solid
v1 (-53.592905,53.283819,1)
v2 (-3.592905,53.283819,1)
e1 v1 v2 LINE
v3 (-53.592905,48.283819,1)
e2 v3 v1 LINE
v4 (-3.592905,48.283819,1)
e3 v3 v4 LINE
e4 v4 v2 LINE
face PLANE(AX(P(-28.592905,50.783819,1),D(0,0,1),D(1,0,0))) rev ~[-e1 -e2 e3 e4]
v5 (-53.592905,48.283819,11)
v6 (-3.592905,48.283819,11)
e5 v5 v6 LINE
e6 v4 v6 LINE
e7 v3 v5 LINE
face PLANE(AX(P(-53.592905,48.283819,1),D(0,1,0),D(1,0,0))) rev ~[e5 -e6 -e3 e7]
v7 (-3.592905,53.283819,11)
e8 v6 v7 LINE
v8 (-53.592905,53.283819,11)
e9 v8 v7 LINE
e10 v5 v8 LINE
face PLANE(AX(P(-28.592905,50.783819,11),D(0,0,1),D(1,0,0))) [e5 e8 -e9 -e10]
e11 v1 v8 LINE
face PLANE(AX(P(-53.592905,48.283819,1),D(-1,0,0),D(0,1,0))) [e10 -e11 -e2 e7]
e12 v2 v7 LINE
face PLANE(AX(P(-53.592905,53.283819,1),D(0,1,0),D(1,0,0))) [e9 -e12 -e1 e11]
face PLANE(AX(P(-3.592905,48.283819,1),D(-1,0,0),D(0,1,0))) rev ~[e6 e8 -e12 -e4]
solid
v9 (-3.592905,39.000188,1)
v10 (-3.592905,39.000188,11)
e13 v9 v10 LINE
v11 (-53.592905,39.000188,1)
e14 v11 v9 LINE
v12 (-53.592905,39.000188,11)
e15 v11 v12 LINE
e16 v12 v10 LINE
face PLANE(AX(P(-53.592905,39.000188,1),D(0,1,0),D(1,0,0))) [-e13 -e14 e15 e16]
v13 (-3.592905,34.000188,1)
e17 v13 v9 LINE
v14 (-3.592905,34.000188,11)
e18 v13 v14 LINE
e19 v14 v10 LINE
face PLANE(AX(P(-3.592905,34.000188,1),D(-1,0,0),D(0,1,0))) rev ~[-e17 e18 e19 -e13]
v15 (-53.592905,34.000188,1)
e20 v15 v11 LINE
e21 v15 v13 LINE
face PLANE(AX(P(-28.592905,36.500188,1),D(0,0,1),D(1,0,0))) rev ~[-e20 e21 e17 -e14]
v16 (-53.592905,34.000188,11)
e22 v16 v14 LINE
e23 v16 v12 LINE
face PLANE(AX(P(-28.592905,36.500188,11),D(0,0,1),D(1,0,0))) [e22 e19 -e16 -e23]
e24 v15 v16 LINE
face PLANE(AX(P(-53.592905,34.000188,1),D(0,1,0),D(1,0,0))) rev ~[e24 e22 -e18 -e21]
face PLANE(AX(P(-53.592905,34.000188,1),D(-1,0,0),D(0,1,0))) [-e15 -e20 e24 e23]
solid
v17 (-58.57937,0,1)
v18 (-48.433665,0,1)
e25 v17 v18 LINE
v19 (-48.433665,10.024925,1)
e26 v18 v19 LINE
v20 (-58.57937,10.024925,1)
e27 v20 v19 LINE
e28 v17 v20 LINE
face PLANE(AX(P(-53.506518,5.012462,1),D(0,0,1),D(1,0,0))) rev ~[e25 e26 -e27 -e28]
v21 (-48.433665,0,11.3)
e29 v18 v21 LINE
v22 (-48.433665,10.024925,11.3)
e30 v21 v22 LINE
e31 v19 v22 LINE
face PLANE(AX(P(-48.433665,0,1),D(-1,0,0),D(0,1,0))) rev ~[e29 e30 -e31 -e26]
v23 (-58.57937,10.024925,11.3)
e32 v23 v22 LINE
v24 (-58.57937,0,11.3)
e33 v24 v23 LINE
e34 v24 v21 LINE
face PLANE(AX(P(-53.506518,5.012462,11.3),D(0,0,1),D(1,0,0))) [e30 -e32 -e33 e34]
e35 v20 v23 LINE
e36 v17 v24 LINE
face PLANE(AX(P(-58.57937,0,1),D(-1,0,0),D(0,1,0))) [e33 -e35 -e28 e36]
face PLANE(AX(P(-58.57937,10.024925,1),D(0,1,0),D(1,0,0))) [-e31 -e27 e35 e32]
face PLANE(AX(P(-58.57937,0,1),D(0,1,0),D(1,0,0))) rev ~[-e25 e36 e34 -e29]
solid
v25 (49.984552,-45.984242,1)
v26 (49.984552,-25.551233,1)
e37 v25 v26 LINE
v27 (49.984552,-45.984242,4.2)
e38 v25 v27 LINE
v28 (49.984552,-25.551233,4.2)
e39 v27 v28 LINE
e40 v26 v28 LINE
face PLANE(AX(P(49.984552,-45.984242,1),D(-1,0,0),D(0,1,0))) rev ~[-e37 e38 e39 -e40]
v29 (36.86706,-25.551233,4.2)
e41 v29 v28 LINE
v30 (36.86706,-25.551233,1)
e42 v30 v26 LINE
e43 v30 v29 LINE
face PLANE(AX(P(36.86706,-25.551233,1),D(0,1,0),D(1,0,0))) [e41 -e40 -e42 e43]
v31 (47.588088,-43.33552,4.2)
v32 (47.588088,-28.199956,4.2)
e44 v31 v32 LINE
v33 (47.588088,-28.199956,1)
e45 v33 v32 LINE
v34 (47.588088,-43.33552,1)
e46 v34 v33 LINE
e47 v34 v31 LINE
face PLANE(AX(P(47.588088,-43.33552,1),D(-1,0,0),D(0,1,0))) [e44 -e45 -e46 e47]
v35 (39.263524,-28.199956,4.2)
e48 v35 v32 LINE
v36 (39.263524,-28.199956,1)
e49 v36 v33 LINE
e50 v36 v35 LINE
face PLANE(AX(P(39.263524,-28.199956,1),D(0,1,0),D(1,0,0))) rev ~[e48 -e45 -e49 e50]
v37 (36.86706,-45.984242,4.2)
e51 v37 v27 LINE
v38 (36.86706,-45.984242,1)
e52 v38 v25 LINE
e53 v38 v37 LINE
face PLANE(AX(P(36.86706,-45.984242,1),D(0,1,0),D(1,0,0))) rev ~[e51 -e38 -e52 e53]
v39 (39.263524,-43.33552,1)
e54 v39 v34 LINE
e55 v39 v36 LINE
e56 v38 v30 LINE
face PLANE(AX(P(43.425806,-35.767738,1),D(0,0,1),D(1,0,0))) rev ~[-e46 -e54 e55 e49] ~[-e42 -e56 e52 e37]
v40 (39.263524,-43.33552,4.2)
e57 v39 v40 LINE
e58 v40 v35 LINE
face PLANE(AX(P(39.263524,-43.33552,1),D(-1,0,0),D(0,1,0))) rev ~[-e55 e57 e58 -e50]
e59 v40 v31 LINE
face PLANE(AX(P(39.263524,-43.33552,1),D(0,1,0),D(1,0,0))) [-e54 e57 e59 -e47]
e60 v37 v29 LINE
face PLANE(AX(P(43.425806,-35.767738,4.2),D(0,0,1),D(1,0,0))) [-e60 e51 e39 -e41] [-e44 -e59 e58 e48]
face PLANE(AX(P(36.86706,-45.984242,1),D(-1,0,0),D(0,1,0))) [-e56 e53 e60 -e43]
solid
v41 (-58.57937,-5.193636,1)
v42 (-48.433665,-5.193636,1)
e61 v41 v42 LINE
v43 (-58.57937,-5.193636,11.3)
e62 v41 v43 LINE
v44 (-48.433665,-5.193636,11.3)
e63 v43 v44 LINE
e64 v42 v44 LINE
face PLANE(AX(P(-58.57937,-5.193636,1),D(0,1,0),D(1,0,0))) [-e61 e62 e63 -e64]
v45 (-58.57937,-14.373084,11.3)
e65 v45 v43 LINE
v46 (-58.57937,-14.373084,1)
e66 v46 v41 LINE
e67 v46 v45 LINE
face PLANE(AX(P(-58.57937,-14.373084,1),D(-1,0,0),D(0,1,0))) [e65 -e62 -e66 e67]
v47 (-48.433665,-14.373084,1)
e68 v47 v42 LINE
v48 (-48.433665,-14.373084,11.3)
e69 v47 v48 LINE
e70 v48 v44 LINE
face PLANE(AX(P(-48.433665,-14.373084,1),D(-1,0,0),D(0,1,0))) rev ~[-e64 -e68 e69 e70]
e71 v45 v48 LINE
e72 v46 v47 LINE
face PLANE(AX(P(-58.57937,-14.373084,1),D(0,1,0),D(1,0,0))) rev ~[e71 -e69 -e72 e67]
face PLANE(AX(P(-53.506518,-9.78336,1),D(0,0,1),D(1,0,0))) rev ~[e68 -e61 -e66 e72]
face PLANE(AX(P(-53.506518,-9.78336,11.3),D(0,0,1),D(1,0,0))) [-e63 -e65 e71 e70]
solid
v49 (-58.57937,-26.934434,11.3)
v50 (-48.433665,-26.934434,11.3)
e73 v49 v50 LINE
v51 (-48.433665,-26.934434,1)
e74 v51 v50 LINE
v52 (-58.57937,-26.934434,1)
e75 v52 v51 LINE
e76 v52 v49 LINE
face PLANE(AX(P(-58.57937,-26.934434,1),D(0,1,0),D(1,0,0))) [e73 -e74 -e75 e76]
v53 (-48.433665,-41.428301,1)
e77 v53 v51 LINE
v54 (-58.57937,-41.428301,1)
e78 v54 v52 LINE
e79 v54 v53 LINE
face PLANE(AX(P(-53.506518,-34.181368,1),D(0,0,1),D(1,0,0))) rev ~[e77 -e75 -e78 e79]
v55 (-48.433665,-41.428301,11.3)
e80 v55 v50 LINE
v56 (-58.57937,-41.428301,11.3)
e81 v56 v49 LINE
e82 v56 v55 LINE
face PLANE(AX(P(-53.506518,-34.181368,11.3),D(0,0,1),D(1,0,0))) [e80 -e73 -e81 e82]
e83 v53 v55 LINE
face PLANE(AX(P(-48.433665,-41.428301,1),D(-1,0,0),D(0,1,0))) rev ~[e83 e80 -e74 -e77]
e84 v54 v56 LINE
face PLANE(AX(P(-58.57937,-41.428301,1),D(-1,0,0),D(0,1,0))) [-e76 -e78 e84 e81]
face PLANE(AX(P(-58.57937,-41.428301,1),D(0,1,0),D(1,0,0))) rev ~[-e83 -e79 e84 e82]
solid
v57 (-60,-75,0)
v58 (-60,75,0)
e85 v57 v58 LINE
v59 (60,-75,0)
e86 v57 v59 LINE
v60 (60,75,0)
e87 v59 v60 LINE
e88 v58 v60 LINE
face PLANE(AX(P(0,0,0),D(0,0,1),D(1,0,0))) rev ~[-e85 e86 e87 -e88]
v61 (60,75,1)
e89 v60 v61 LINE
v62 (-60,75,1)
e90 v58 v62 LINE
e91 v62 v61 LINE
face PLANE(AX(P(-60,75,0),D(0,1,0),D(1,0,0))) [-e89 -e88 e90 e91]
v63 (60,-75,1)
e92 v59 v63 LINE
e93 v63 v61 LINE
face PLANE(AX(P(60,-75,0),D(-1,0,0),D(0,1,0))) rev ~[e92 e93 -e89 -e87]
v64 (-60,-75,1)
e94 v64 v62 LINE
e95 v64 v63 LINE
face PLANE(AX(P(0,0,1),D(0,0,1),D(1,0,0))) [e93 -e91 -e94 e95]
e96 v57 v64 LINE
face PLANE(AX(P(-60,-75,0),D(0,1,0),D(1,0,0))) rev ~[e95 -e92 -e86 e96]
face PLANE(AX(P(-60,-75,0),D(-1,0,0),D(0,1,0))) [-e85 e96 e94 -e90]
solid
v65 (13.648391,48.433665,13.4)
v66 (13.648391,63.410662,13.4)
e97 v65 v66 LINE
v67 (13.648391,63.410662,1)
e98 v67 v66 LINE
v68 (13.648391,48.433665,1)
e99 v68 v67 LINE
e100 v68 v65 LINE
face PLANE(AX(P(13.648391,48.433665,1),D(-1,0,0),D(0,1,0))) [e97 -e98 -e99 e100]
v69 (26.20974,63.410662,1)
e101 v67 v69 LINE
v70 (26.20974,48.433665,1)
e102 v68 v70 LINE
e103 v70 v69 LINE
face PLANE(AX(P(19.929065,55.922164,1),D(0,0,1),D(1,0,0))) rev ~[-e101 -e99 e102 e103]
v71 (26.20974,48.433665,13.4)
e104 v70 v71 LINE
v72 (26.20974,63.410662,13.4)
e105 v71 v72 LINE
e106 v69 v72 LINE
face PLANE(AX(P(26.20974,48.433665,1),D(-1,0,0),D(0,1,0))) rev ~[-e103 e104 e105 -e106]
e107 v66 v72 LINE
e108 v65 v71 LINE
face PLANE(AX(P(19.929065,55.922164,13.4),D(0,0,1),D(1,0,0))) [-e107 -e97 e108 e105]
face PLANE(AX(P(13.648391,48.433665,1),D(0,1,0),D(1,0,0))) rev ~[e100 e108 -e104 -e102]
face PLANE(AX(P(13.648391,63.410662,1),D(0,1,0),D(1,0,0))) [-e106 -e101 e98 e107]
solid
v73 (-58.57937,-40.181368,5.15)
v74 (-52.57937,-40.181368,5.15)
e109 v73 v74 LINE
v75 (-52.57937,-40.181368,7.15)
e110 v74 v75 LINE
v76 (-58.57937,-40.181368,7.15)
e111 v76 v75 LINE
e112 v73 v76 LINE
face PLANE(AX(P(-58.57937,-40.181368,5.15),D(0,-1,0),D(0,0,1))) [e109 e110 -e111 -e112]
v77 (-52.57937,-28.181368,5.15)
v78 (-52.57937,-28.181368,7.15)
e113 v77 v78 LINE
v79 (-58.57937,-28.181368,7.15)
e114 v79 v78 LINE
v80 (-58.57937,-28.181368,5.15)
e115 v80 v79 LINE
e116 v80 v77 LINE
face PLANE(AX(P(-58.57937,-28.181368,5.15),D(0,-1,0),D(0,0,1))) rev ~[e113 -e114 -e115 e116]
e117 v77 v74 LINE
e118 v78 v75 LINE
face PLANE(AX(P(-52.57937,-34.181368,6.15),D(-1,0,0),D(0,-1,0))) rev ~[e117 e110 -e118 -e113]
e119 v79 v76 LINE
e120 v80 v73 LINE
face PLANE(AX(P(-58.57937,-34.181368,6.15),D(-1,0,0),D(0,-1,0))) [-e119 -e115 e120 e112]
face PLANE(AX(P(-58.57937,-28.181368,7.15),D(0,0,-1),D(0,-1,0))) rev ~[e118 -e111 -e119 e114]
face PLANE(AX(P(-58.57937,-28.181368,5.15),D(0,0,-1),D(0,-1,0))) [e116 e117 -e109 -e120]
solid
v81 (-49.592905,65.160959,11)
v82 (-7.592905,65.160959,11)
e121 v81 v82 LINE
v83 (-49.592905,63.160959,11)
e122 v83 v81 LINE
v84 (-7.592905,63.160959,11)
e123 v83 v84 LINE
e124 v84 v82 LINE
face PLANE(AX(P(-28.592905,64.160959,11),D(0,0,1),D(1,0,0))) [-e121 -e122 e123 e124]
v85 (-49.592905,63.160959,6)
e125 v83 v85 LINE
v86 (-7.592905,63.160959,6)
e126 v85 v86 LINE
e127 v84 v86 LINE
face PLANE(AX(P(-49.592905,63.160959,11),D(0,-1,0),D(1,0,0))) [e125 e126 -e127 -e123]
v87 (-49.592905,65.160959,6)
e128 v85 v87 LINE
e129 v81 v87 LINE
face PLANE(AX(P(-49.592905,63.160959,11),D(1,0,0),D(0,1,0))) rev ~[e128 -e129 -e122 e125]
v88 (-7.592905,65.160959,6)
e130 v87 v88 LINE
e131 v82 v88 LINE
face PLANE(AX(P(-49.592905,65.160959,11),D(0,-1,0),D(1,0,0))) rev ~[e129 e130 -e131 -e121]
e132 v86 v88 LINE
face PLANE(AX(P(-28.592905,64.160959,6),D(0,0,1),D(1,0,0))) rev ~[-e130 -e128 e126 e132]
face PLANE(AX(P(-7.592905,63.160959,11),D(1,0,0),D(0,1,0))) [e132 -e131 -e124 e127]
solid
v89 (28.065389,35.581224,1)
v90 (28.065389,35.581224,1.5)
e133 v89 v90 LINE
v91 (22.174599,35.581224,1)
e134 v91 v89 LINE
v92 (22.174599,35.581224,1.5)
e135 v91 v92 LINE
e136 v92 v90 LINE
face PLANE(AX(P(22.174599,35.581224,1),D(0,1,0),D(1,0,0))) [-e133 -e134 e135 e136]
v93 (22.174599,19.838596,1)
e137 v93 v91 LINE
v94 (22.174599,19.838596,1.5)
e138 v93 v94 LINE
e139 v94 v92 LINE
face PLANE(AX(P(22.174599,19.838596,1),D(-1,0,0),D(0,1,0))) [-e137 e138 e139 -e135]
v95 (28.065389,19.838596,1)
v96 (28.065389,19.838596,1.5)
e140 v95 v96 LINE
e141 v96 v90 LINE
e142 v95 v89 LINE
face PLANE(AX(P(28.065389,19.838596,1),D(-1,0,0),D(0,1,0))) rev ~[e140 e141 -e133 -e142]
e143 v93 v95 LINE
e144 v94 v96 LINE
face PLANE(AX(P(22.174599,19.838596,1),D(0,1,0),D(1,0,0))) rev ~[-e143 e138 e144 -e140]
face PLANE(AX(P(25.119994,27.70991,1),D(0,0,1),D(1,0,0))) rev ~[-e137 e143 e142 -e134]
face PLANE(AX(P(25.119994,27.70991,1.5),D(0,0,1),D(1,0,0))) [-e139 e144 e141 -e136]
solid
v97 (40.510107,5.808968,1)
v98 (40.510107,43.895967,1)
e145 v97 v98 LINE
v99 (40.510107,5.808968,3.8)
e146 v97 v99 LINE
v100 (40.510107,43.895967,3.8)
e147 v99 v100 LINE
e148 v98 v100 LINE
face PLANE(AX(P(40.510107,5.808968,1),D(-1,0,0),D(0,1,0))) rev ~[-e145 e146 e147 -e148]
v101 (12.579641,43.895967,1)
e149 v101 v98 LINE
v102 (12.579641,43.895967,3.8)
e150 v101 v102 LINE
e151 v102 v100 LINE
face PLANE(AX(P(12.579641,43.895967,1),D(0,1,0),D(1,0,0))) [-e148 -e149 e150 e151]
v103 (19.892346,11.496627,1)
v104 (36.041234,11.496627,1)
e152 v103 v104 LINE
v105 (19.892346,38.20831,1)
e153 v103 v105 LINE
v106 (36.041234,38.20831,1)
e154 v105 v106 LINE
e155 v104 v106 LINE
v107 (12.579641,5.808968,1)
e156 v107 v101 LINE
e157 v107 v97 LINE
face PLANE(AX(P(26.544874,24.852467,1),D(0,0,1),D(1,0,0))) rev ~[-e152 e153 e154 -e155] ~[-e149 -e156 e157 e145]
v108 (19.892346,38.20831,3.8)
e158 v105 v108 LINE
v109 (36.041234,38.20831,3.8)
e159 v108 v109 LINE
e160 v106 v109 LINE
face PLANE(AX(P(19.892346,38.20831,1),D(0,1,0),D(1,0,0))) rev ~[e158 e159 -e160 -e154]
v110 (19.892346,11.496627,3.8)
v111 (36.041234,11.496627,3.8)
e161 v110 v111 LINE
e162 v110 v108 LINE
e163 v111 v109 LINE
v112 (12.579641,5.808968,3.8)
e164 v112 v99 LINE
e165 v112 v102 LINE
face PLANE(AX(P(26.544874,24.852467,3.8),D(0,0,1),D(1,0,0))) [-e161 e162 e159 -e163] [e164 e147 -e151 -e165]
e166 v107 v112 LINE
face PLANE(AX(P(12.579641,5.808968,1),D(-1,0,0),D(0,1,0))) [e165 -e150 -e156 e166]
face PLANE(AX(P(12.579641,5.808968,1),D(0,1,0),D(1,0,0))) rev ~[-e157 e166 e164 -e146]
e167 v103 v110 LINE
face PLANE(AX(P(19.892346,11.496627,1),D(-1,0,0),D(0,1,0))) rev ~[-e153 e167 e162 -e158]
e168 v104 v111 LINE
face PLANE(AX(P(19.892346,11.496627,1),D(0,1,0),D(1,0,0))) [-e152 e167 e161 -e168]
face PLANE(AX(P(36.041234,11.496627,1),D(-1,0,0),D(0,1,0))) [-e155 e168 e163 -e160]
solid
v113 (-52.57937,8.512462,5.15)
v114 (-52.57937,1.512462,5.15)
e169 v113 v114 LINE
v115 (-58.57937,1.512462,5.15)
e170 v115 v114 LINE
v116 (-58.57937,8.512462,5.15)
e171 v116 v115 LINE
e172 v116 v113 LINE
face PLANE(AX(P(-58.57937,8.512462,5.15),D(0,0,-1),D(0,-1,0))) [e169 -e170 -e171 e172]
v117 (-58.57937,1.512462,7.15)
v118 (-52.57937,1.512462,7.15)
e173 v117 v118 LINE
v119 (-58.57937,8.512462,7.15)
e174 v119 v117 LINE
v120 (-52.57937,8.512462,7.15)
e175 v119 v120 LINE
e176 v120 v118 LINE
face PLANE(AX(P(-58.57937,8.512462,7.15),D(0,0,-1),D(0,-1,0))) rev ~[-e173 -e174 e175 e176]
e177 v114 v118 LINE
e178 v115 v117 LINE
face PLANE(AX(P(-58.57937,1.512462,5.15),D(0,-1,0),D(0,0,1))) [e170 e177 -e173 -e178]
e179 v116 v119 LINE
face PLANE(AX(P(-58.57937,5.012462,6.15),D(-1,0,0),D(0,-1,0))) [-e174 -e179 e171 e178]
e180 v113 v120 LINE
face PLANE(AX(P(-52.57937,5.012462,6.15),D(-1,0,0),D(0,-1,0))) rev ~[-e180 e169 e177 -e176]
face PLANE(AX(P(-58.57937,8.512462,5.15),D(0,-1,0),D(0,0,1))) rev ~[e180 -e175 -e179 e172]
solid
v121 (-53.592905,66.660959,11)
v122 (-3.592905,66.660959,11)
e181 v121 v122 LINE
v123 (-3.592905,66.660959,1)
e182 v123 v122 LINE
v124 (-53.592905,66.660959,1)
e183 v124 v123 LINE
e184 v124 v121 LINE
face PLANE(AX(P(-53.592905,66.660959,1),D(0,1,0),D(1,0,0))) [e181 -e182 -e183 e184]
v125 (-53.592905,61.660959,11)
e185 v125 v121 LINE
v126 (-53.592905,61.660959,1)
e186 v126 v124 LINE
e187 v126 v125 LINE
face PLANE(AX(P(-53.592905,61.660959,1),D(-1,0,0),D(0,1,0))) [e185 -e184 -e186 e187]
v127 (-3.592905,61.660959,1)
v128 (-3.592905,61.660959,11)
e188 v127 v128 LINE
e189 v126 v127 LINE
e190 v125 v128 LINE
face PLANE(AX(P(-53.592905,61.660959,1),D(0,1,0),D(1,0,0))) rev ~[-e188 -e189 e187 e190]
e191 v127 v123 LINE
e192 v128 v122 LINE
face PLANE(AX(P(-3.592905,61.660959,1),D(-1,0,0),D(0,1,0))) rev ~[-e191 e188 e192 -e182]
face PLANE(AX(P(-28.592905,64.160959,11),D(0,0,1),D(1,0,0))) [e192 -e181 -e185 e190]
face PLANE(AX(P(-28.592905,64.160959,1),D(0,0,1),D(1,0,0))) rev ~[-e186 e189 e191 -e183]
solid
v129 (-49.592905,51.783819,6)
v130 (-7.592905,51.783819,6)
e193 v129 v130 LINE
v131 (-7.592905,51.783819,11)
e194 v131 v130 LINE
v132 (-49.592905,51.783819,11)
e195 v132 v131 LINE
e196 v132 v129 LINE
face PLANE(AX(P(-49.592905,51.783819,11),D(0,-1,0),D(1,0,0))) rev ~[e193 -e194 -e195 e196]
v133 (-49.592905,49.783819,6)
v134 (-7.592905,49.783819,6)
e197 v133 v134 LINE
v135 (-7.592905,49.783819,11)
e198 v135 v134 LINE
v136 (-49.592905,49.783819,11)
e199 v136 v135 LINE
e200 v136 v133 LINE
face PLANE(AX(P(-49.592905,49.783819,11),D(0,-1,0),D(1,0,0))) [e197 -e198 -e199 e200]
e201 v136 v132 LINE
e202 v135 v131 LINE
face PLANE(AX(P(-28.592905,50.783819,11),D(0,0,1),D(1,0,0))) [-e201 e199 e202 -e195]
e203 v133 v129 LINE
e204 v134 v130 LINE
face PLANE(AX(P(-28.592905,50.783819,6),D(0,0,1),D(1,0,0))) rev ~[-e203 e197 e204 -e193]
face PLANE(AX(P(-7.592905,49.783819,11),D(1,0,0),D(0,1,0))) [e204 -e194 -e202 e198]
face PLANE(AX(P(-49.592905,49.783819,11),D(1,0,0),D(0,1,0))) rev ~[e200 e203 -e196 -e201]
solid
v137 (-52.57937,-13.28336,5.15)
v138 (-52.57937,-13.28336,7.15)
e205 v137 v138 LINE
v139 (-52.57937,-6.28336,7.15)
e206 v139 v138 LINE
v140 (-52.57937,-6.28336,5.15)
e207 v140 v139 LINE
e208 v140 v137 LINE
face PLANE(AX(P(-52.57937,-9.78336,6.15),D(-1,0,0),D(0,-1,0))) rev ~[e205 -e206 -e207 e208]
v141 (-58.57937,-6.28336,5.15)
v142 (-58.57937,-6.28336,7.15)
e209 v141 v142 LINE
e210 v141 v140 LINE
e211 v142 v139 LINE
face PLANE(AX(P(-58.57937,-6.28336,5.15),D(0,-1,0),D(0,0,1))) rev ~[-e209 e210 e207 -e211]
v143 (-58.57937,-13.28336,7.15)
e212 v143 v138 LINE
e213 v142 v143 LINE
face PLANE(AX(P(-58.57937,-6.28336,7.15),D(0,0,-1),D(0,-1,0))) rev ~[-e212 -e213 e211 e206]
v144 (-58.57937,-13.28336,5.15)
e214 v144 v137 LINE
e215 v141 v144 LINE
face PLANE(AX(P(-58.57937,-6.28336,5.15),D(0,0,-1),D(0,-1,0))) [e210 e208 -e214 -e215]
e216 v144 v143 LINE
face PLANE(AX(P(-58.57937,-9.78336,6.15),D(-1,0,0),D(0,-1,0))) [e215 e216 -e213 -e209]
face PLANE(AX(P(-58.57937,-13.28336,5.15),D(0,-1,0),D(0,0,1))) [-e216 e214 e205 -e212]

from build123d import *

# Parameters (mm, degrees)
F0_W      = 120
F0_H      = 150
F1_DEPTH  = 1
F2_W      = 50
F2_H      = 5
F3_DEPTH  = 10
F4_W      = 42
F4_H      = 2
F5_DEPTH  = 5
F6_W      = 42
F6_H      = 2
F7_DEPTH  = 5
F8_W      = 42
F8_H      = 2
F9_DEPTH  = 5
F11_W     = 12.5613491982
F11_H     = 14.9769969285
F12_DEPTH = 12.4
F13_W     = 27.9304655269
F13_H     = 38.0869996734
F13_W_2   = 16.1488875747
F13_H_2   = 26.711682789
F14_DEPTH = 2.8
F15_W     = 5.8907903731
F15_H     = 15.7426279038
F16_DEPTH = 0.5
F17_W     = 10.1457051933
F17_H     = 10.0249247625
F18_DEPTH = 10.3
F17_H_2   = 9.1794477776
F17_H_3   = 14.4938677549
F19_W     = 7
F19_H     = 2
F20_DEPTH = 6
F21_W     = 7
F21_H     = 2
F22_DEPTH = 6
F23_W     = 12
F23_H     = 2
F24_DEPTH = 6
F25_W     = 13.1174921989
F25_H     = 20.4330086708
F25_W_2   = 8.3245635033
F25_H_2   = 15.13556391
F26_DEPTH = 3.2


with BuildPart() as f1:
    # F0 (on Top) → F1 (new body)
    with BuildSketch(Plane.XY):
        Rectangle(F0_W, F0_H)
    extrude(amount=F1_DEPTH)

    # F8 (on face) → F9 (cut)
    with BuildSketch(Plane.XY.offset(11)):
        with Locations((-28.592904564, 36.5001881123)):
            Rectangle(F8_W, F8_H)
    extrude(amount=F9_DEPTH, mode=Mode.SUBTRACT)


with BuildPart() as f3:
    # F2 (on face) → F3 (new body)
    with BuildSketch(Plane.XY.offset(1)):
        with Locations((-28.592904564, 64.1609585766)):
            Rectangle(F2_W, F2_H)
    extrude(amount=F3_DEPTH)


with BuildPart() as f3b:
    # F2 (on face) → F3, piece 2 (new body)
    with BuildSketch(Plane.XY.offset(1)):
        with Locations((-28.592904564, 50.7838189137)):
            Rectangle(F2_W, F2_H)
    extrude(amount=F3_DEPTH)


with BuildPart() as f3c:
    # F2 (on face) → F3, piece 3 (new body)
    with BuildSketch(Plane.XY.offset(1)):
        with Locations((-28.592904564, 36.5001881123)):
            Rectangle(F2_W, F2_H)
    extrude(amount=F3_DEPTH)


with BuildPart() as f5:
    # F4 (on face) → F5 (new body)
    with BuildSketch(Plane.XY.offset(11)):
        with Locations((-28.592904564, 64.1609585766)):
            Rectangle(F4_W, F4_H)
    extrude(amount=-F5_DEPTH)


with BuildPart() as f7:
    # F6 (on face) → F7 (new body)
    with BuildSketch(Plane.XY.offset(11)):
        with Locations((-28.592904564, 50.7838189137)):
            Rectangle(F6_W, F6_H)
    extrude(amount=-F7_DEPTH)


with BuildPart() as f12:
    # F11 (on face) → F12 (new body)
    with BuildSketch(Plane.XY.offset(1)):
        with Locations((19.9290653691, 55.9221636504)):
            Rectangle(F11_W, F11_H)
    extrude(amount=F12_DEPTH)


with BuildPart() as f14:
    # F13 (on face) → F14 (new body)
    with BuildSketch(Plane.XY.offset(1)):
        with Locations((26.5448740683, 24.852467468)):
            Rectangle(F13_W, F13_H)
        with Locations((27.9667899013, 24.8524681665)):
            Rectangle(F13_W_2, F13_H_2, mode=Mode.SUBTRACT)
    extrude(amount=F14_DEPTH)


with BuildPart() as f16:
    # F15 (on face) → F16 (new body)
    with BuildSketch(Plane.XY.offset(1)):
        with Locations((25.1199938357, 27.7099097148)):
            Rectangle(F15_W, F15_H)
    extrude(amount=F16_DEPTH)


with BuildPart() as f18:
    # F17 (on face) → F18 (new body)
    with BuildSketch(Plane.XY.offset(1)):
        with Locations((-53.5065177828, 5.0124623813)):
            Rectangle(F17_W, F17_H)
    extrude(amount=F18_DEPTH)


with BuildPart() as f18b:
    # F17 (on face) → F18, piece 2 (new body)
    with BuildSketch(Plane.XY.offset(1)):
        with Locations((-53.5065177828, -9.7833597101)):
            Rectangle(F17_W, F17_H_2)
    extrude(amount=F18_DEPTH)


with BuildPart() as f18c:
    # F17 (on face) → F18, piece 3 (new body)
    with BuildSketch(Plane.XY.offset(1)):
        with Locations((-53.5065177828, -34.1813676059)):
            Rectangle(F17_W, F17_H_3)
    extrude(amount=F18_DEPTH)


with BuildPart() as f20:
    # F19 (on face) → F20 (new body)
    with BuildSketch(Plane(origin=(-58.5793703794, 0, 0), x_dir=(0, -1, 0), z_dir=(-1, 0, 0))):
        with Locations((-5.0124623813, 6.15)):
            Rectangle(F19_W, F19_H)
    extrude(amount=-F20_DEPTH)


with BuildPart() as f22:
    # F21 (on face) → F22 (new body)
    with BuildSketch(Plane(origin=(-58.5793703794, 0, 0), x_dir=(0, -1, 0), z_dir=(-1, 0, 0))):
        with Locations((9.7833597101, 6.15)):
            Rectangle(F21_W, F21_H)
    extrude(amount=-F22_DEPTH)


with BuildPart() as f24:
    # F23 (on face) → F24 (new body)
    with BuildSketch(Plane(origin=(-58.5793703794, 0, 0), x_dir=(0, -1, 0), z_dir=(-1, 0, 0))):
        with Locations((34.1813676059, 6.15)):
            Rectangle(F23_W, F23_H)
    extrude(amount=-F24_DEPTH)


with BuildPart() as f26:
    # F25 (on face) → F26 (new body)
    with BuildSketch(Plane.XY.offset(1)):
        with Locations((43.4258058667, -35.767737776)):
            Rectangle(F25_W, F25_H)
        with Locations((43.4258058667, -35.767737776)):
            Rectangle(F25_W_2, F25_H_2, mode=Mode.SUBTRACT)
    extrude(amount=F26_DEPTH)


solid = Compound([f1.part, f3.part, f3b.part, f3c.part, f5.part, f7.part, f12.part, f14.part, f16.part, f18.part, f18b.part, f18c.part, f20.part, f22.part, f24.part, f26.part])
